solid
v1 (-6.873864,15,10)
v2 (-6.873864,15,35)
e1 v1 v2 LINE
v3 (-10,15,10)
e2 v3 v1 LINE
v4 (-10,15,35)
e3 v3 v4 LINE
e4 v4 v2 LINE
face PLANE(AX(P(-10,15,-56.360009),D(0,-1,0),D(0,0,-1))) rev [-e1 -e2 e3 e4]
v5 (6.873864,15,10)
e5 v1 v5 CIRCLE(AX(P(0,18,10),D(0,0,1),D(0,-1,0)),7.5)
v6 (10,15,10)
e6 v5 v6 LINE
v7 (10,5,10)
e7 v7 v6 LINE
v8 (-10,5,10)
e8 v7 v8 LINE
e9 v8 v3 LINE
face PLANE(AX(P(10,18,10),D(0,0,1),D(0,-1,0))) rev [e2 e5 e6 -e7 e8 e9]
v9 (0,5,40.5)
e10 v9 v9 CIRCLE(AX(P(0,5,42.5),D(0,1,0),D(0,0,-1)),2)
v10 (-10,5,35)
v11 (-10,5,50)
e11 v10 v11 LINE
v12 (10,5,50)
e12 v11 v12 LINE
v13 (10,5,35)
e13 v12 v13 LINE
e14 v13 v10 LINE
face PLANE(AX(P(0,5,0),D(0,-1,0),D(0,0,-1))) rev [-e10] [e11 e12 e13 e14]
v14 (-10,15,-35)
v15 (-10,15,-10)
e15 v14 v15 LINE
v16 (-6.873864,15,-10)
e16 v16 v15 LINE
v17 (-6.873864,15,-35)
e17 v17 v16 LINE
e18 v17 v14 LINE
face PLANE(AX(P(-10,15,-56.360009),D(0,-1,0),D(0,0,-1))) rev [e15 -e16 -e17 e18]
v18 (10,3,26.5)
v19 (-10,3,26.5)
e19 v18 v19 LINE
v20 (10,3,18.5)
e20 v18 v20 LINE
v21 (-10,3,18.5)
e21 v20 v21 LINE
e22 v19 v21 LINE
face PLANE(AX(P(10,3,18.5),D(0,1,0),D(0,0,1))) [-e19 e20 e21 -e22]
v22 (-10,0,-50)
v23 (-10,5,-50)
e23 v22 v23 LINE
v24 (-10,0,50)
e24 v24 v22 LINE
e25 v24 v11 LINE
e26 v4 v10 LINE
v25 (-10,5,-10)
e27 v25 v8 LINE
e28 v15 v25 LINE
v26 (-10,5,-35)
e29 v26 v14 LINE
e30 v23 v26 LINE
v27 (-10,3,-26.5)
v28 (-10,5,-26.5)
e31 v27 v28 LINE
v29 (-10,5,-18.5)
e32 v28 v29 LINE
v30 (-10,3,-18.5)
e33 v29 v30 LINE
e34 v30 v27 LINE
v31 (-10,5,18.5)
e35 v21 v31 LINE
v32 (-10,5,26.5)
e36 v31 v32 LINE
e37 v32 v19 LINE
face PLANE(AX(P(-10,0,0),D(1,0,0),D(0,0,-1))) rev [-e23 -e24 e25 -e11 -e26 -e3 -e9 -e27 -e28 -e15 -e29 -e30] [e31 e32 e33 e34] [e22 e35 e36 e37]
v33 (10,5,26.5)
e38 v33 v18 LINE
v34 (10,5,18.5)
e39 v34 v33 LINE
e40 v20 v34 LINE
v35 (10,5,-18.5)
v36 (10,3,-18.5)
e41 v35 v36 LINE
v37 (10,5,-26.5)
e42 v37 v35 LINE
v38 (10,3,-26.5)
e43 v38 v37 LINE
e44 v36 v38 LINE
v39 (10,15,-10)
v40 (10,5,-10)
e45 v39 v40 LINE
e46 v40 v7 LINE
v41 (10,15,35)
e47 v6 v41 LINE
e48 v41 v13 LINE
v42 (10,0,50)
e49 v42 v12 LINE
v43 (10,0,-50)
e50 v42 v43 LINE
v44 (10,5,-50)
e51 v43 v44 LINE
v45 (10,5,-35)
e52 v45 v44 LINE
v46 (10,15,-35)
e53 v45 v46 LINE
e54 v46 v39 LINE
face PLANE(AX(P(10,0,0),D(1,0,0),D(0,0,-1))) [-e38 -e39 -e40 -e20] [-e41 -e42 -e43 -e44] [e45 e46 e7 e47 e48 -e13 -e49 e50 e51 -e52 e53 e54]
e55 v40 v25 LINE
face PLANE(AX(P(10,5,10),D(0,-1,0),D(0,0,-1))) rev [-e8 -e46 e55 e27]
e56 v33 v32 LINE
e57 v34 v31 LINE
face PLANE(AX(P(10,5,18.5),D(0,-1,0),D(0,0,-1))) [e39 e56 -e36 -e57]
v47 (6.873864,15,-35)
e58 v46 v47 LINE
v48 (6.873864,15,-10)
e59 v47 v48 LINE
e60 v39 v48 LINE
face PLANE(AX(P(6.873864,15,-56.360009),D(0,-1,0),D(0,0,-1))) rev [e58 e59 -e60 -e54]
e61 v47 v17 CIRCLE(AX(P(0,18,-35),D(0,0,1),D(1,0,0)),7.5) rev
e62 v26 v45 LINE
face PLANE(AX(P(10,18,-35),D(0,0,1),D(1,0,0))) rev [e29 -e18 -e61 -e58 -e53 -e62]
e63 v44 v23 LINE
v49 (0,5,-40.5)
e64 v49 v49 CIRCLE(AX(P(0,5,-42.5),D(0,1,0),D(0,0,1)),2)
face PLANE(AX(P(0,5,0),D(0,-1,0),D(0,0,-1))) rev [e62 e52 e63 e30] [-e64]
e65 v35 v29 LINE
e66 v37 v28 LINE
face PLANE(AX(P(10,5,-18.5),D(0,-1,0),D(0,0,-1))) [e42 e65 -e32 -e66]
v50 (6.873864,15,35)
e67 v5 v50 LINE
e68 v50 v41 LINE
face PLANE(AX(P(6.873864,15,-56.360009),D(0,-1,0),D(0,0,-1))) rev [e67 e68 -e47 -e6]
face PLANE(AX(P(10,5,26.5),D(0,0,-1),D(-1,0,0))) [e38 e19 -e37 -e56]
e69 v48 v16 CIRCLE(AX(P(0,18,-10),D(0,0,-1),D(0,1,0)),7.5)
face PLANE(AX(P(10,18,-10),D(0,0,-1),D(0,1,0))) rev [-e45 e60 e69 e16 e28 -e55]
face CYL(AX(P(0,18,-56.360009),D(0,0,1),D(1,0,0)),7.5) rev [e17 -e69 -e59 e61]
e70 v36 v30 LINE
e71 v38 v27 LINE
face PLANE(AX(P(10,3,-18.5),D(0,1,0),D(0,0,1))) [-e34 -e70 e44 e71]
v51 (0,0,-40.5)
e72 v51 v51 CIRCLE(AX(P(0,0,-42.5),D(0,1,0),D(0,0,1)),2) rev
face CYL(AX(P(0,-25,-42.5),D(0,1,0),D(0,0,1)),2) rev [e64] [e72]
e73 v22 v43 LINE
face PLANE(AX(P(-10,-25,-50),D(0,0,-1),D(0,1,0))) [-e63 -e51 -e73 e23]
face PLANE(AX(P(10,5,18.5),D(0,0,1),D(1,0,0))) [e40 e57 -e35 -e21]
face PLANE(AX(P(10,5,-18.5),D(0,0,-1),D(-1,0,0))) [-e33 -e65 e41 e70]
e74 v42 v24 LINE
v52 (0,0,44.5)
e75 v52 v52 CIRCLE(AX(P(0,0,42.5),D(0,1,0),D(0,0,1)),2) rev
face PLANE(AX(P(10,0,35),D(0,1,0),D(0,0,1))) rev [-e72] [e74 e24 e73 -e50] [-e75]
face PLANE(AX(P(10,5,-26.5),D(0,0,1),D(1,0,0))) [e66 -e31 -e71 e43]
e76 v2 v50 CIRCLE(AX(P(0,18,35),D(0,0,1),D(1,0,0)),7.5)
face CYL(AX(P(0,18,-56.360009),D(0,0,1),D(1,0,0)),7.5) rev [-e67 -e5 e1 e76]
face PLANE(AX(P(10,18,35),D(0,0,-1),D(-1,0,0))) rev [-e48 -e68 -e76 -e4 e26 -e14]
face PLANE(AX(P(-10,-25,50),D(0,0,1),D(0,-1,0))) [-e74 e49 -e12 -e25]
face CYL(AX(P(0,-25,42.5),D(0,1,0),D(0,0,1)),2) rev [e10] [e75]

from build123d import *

# Parameters (mm, degrees)
ESBO_O1_W                = 8
ESBO_O1_H                = 2
RESSALTO_EXTRUS_O1_DEPTH = 10
CORTE_EXTRUS_O1_REACH    = 74.966
ESBO_O4_W                = 20
ESBO_O4_H                = 15
ESBO_O4_R                = 2
RESSALTO_EXTRUS_O2_DEPTH = 5


with BuildPart() as part:
    # Esboço1 → Ressalto-extrusão1 (new, symmetric)
    with BuildSketch(Plane(origin=(0, 0, 0), x_dir=(0, 0, -1), z_dir=(1, 0, 0))):
        Polygon((-35, 18), (-10, 18), (-10, 5), (10, 5), (10, 18), (35, 18), (35, 0), (-35, 0), align=None)
        with Locations((-22.5, 4)):
            Rectangle(ESBO_O1_W, ESBO_O1_H, mode=Mode.SUBTRACT)
        with Locations((22.5, 4)):
            Rectangle(ESBO_O1_W, ESBO_O1_H, mode=Mode.SUBTRACT)
    extrude(amount=RESSALTO_EXTRUS_O1_DEPTH, both=True)

    # Corte-extrusão1: up to this face of the body (flat: up to its plane)
    corte_extrus_o1_end = Plane(part.part.faces().sort_by_distance((0, 9, -35))[0])
    # Esboço2 → Corte-extrusão1 (cut, up to the picked face)
    with BuildSketch(Plane.XY.offset(35), mode=Mode.PRIVATE) as corte_extrus_o1_sk1:
        with BuildLine():
            Line((-10, 15), (-6.873863542, 15))
            ThreePointArc((-6.873863542, 15), (0, 10.5), (6.873863542, 15))
            Line((6.873863542, 15), (10, 15))
            Line((10, 15), (10, 18))
            Line((10, 18), (7.5, 18))
            Line((7.5, 18), (-7.5, 18))
            Line((-7.5, 18), (-10, 18))
            Line((-10, 18), (-10, 15))
        make_face()
    corte_extrus_o1_tool1 = split(extrude(corte_extrus_o1_sk1.sketch, amount=-CORTE_EXTRUS_O1_REACH, mode=Mode.PRIVATE), bisect_by=corte_extrus_o1_end, keep=Keep.BOTH, mode=Mode.PRIVATE)
    add(corte_extrus_o1_tool1.solids().sort_by(Axis((0, 15.069195, 35), (0, 0, -1)))[0], mode=Mode.SUBTRACT)

    # Esboço4 → Ressalto-extrusão2 (add)
    # profile 1 of 2: a face of its own
    with BuildSketch(Plane(origin=(0, 5, 0), x_dir=(1, 0, 0), z_dir=(0, 1, 0))):
        with Locations((0, 42.5)):
            Rectangle(ESBO_O4_W, ESBO_O4_H)
        with Locations(Location((0, 42.5, 0), (0, 0, 270))):
            Circle(ESBO_O4_R, mode=Mode.SUBTRACT)
    # profile 2 of 2: a face of its own
    with BuildSketch(Plane(origin=(0, 5, 0), x_dir=(1, 0, 0), z_dir=(0, 1, 0))):
        with Locations((0, -42.5)):
            Rectangle(ESBO_O4_W, ESBO_O4_H)
        with Locations(Location((0, -42.5, 0), (0, 0, 270))):
            Circle(ESBO_O4_R, mode=Mode.SUBTRACT)
    extrude(amount=-RESSALTO_EXTRUS_O2_DEPTH)


solid = part.part
